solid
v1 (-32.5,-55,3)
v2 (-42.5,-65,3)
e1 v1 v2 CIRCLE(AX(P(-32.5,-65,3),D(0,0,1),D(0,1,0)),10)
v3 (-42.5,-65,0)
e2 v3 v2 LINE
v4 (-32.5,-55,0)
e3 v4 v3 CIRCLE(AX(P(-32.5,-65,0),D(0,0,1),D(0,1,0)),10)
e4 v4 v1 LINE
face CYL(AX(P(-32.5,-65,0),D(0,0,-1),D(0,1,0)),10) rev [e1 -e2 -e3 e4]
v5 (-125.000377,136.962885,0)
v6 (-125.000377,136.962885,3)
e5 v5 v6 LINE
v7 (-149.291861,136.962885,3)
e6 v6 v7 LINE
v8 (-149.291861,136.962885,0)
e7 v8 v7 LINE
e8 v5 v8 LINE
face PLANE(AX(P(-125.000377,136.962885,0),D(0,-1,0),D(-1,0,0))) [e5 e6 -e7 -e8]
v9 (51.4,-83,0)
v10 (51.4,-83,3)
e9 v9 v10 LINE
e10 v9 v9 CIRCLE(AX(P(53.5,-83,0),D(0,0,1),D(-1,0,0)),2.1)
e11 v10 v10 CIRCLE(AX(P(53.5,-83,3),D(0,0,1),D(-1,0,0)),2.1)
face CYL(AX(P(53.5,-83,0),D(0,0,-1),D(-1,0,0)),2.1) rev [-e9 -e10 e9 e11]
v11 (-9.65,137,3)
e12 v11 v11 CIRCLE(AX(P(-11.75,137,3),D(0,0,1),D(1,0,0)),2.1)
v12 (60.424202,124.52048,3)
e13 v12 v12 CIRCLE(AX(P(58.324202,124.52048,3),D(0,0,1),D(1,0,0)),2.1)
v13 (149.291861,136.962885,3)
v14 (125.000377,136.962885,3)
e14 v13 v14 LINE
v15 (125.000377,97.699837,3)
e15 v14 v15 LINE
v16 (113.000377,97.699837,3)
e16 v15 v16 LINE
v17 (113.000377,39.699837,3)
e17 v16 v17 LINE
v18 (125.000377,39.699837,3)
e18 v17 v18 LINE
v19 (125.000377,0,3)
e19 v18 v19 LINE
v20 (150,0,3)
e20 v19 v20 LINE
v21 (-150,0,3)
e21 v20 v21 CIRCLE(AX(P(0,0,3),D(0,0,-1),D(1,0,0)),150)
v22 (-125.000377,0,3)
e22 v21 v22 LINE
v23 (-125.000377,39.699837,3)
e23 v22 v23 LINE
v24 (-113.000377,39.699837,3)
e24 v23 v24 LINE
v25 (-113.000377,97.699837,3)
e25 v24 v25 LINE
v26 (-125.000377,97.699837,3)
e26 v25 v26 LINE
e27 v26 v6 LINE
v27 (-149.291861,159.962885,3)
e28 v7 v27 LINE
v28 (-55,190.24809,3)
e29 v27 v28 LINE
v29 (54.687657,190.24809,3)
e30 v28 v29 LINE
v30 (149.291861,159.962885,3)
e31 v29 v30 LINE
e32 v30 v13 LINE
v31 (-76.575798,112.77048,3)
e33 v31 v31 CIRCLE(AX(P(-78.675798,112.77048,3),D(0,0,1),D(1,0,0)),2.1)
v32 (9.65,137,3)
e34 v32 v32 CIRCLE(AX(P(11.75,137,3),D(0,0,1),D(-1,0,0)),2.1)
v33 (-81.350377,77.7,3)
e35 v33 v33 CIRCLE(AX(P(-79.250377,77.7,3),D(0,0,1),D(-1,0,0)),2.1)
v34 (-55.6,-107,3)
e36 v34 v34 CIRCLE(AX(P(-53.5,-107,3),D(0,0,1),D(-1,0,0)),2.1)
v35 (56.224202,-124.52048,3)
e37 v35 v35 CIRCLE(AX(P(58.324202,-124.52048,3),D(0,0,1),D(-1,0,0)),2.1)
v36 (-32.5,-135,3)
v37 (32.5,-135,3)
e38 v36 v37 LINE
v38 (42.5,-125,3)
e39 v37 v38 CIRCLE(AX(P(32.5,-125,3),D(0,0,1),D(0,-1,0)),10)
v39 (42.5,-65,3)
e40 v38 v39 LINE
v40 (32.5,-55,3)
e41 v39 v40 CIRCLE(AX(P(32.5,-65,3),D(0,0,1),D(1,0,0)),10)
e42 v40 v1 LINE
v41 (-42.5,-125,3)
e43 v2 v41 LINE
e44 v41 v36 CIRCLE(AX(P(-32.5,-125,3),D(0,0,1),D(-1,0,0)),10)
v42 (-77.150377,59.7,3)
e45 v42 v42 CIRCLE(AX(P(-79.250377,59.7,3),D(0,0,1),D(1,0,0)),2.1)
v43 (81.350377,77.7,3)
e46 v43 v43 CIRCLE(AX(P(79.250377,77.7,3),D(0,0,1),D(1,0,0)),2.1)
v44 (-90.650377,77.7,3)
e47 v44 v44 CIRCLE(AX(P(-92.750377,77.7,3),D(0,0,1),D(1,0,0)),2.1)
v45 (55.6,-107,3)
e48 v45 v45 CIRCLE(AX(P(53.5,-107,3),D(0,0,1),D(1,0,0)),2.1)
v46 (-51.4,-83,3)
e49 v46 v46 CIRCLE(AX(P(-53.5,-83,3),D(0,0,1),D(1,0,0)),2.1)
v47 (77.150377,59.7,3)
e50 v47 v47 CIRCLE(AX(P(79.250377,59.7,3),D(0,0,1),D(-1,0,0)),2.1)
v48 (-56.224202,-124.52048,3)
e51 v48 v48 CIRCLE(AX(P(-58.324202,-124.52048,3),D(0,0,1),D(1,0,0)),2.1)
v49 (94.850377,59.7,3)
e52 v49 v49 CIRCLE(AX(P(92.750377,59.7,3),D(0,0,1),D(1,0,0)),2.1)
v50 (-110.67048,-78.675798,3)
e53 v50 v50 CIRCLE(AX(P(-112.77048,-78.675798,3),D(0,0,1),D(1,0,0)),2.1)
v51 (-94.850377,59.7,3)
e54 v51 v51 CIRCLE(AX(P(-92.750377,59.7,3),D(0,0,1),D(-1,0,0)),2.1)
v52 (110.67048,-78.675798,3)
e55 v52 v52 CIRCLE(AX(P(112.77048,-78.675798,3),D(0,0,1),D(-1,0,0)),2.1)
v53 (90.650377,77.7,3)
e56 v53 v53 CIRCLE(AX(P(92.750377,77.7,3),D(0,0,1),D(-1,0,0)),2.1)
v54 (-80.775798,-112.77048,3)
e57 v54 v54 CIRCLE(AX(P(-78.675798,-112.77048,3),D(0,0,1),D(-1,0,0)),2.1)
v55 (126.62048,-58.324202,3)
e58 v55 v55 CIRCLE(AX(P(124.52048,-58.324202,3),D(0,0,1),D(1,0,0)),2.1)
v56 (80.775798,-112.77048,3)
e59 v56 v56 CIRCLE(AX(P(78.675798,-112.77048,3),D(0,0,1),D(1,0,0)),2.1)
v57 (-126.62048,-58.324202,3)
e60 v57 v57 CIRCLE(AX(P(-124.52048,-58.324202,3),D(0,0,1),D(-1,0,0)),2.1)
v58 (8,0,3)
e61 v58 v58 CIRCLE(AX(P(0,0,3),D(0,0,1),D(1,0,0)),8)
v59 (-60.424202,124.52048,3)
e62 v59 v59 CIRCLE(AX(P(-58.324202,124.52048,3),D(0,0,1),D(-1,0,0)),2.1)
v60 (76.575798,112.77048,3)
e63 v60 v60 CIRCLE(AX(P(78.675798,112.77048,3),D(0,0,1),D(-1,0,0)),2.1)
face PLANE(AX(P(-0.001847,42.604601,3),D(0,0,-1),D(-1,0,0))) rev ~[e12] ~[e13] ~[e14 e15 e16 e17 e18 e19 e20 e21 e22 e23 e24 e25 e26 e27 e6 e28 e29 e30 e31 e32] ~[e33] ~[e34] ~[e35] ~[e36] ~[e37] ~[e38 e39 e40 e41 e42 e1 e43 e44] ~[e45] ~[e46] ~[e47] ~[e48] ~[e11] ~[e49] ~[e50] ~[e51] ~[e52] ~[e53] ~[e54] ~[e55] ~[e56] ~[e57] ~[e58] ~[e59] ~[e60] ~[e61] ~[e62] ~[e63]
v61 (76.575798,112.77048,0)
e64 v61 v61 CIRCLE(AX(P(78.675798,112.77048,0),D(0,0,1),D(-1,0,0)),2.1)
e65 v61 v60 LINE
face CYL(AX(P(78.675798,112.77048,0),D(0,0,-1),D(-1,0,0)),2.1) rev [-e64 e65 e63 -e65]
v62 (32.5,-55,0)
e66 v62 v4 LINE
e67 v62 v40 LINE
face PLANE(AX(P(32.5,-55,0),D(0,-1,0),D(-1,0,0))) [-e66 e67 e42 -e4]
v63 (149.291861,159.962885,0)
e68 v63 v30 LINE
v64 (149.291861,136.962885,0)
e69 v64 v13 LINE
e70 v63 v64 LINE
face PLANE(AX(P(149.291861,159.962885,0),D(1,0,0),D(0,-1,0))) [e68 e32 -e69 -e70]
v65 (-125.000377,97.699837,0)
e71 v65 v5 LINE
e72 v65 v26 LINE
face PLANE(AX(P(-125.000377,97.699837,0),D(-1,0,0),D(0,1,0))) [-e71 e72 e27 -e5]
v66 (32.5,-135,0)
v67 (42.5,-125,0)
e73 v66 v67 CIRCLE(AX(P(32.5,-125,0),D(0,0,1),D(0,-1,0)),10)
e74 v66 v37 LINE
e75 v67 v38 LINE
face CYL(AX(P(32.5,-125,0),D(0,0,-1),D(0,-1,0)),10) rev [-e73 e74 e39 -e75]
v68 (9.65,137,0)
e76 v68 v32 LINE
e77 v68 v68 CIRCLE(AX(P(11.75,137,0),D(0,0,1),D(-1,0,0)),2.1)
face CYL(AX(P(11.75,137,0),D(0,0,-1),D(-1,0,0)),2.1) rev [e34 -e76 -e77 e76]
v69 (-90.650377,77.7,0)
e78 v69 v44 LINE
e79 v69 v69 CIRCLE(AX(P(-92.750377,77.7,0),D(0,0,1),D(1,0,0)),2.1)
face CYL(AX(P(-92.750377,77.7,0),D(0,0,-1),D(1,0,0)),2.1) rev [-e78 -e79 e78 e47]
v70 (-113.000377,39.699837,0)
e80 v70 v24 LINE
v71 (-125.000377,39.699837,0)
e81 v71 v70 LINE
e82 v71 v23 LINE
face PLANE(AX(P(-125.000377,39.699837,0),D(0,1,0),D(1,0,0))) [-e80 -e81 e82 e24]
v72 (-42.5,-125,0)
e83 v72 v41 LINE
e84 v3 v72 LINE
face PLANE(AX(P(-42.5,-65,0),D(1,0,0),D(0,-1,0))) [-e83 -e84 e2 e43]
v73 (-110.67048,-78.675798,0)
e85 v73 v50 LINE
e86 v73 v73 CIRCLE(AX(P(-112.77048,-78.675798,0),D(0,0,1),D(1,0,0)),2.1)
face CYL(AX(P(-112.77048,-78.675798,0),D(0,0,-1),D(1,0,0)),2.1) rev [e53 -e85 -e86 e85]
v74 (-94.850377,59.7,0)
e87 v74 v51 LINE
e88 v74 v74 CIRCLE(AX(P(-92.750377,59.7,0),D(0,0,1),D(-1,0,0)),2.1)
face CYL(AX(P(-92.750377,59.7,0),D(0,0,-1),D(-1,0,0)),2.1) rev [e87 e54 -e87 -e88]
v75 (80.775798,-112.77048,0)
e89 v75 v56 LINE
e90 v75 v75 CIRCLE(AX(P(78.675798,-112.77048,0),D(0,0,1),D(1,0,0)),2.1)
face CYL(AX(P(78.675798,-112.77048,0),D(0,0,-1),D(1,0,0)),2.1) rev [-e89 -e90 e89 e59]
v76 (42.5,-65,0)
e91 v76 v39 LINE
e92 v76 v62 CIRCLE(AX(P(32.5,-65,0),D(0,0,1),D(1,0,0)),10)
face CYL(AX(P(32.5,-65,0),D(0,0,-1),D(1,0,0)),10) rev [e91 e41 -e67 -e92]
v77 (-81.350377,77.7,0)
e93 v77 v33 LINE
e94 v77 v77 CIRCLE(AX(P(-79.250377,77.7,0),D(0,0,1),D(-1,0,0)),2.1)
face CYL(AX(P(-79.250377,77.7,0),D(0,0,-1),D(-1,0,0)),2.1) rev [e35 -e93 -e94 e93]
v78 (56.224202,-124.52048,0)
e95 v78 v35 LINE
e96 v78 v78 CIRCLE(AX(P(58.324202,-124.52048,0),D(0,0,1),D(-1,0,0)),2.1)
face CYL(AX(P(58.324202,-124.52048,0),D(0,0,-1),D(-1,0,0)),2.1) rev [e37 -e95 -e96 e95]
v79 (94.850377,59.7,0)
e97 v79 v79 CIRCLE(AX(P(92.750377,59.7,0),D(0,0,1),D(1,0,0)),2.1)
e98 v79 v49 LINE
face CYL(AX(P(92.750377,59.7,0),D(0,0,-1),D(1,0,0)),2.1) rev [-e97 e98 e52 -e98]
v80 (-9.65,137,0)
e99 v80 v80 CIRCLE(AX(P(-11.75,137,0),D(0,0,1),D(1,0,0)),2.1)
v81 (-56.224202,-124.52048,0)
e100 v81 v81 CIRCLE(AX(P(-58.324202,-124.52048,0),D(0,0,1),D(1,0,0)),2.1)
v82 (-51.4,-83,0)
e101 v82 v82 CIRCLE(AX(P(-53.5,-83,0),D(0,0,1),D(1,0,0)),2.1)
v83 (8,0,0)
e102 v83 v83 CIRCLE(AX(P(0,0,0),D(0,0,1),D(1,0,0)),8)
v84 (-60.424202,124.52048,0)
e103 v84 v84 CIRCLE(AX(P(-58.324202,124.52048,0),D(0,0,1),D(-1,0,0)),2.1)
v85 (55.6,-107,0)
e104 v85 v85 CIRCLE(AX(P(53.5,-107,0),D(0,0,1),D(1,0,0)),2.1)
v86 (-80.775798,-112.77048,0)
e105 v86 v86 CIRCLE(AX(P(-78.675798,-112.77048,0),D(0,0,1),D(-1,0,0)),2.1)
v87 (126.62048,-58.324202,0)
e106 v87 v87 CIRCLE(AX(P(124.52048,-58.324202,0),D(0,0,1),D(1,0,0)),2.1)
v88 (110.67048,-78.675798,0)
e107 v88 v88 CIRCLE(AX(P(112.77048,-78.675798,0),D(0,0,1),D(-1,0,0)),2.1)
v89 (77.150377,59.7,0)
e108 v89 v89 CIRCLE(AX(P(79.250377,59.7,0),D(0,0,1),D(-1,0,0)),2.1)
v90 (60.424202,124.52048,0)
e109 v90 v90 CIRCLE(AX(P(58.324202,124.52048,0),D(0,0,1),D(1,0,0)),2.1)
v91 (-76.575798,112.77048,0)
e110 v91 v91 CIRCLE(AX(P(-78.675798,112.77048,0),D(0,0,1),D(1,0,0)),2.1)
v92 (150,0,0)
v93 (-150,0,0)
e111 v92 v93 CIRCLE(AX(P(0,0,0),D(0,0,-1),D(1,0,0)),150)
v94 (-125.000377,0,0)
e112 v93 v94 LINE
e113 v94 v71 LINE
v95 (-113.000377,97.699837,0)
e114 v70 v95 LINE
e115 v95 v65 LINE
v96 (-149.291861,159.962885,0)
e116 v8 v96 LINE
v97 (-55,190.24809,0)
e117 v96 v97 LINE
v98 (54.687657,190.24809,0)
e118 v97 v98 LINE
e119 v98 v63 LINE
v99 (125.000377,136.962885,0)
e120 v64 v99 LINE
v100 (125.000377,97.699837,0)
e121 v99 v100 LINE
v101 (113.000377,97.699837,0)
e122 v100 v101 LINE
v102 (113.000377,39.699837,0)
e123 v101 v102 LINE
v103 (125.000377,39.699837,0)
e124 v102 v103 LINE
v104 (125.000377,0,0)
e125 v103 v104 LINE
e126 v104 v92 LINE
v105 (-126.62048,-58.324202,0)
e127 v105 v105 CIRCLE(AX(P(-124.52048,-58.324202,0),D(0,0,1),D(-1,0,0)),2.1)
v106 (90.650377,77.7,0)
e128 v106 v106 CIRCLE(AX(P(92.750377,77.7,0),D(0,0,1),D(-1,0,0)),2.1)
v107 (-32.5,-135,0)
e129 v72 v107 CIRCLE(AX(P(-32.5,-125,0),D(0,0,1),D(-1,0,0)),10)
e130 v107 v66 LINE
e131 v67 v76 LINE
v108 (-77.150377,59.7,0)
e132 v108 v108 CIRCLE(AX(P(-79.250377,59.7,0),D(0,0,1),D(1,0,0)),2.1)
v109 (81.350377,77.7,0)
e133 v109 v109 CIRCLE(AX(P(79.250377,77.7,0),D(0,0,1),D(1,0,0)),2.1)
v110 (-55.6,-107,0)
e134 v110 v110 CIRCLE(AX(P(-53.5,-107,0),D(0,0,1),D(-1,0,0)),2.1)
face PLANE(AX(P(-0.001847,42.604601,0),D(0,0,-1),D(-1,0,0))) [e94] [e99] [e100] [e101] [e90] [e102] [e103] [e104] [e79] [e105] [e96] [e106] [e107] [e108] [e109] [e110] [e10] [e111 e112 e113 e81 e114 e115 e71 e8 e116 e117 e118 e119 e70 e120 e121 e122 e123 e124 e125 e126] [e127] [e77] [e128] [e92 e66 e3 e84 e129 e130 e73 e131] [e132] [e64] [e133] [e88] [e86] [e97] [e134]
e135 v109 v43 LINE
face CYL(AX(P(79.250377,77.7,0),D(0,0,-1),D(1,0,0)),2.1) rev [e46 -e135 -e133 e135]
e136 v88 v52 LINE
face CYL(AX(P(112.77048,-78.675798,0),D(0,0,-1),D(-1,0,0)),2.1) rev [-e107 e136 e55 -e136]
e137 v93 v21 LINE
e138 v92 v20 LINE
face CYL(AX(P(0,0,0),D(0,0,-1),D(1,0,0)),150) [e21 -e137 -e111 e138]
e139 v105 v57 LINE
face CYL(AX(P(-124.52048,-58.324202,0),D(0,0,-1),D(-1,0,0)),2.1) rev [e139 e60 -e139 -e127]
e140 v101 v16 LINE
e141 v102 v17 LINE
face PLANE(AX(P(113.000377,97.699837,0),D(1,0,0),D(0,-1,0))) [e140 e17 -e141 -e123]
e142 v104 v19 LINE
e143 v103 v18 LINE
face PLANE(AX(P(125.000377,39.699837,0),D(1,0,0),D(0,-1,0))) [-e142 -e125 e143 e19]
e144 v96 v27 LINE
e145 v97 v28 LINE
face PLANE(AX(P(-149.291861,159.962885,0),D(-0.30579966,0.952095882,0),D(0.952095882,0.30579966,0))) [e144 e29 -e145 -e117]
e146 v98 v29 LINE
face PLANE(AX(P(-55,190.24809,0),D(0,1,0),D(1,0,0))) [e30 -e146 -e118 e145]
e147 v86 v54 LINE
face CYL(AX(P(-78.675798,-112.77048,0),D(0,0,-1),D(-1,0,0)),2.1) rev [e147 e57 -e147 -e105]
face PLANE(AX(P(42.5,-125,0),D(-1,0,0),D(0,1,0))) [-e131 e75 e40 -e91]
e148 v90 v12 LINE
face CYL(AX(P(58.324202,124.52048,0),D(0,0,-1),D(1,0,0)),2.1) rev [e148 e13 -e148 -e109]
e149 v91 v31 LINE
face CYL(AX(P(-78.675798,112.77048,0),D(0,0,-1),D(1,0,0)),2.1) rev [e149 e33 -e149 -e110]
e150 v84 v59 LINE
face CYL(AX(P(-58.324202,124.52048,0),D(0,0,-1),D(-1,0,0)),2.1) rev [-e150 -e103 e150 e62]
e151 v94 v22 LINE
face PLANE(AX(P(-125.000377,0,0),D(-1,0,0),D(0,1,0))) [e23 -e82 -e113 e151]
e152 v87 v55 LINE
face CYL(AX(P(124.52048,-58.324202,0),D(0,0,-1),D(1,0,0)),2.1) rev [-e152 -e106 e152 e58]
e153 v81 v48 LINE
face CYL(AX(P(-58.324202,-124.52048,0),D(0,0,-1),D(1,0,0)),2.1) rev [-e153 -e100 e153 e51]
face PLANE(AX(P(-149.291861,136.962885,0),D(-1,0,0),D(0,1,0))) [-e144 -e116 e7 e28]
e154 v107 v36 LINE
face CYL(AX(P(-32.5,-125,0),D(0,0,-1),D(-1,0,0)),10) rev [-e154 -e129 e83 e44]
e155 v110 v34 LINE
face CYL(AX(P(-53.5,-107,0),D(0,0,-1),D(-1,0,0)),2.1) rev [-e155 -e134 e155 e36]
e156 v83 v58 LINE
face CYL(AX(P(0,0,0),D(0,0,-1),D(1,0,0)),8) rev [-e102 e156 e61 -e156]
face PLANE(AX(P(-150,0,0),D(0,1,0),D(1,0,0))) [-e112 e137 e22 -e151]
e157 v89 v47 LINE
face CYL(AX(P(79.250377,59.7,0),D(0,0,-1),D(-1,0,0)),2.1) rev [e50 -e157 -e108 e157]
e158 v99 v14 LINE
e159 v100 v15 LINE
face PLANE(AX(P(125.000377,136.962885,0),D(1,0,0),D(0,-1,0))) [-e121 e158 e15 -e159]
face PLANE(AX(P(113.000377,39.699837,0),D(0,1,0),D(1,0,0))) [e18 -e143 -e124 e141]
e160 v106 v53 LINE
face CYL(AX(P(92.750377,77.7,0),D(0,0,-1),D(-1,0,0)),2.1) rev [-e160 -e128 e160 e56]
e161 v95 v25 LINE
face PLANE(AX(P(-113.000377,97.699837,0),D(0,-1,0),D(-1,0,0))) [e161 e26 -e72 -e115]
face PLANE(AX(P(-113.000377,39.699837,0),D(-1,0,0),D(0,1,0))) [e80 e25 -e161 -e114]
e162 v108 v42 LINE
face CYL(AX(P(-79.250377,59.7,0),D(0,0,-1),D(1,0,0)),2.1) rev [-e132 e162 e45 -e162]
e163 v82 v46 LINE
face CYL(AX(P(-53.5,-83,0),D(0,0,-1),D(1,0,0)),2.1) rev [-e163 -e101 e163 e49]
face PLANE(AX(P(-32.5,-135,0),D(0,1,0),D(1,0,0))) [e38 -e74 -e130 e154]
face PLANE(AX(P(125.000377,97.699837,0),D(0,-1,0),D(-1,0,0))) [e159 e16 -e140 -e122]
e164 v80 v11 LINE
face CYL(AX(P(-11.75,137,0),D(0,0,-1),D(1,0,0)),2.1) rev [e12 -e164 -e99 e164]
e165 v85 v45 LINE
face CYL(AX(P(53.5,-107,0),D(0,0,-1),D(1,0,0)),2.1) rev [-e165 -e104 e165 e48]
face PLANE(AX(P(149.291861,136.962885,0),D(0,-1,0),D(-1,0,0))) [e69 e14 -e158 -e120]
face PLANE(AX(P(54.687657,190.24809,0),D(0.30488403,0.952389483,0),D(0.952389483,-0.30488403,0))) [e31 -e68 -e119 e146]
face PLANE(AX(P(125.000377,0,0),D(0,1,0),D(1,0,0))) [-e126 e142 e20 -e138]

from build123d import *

# Parameters (mm, degrees)
SKETCH_1_R      = 2.1
SKETCH_1_R_2    = 8
EXTRUDE_1_DEPTH = 3


with BuildPart() as part:
    # 草图1 → 拉伸1 (new body)
    with BuildSketch(Plane.XY):
        with BuildLine():
            Line((-150, 0), (-125.000376699, 0))
            Line((-125.000376699, 0), (-125.000376699, 39.69983712))
            Line((-125.000376699, 39.69983712), (-113.000376699, 39.69983712))
            Line((-113.000376699, 39.69983712), (-113.000376699, 97.69983712))
            Line((-113.000376699, 97.69983712), (-125.000376699, 97.69983712))
            Line((-125.000376699, 97.69983712), (-125.000376699, 136.962885218))
            Line((-125.000376699, 136.962885218), (-149.291861287, 136.962885218))
            Line((-149.291861287, 136.962885218), (-149.291861287, 159.962885218))
            Line((-149.291861287, 159.962885218), (-55, 190.24809041))
            Line((-55, 190.24809041), (54.687657428, 190.24809041))
            Line((54.687657428, 190.24809041), (149.291861287, 159.962885218))
            Line((149.291861287, 159.962885218), (149.291861287, 136.962885218))
            Line((149.291861287, 136.962885218), (125.000376699, 136.962885218))
            Line((125.000376699, 136.962885218), (125.000376699, 97.69983712))
            Line((125.000376699, 97.69983712), (113.000376699, 97.69983712))
            Line((113.000376699, 97.69983712), (113.000376699, 39.69983712))
            Line((113.000376699, 39.69983712), (125.000376699, 39.69983712))
            Line((125.000376699, 39.69983712), (125.000376699, 0))
            Line((125.000376699, 0), (150, 0))
            ThreePointArc((150, 0), (0, -150), (-150, 0))
        make_face()
        with Locations((-92.750376699, 77.7)):
            Circle(SKETCH_1_R, mode=Mode.SUBTRACT)
        with Locations(Location((-92.750376699, 59.7, 0), (0, 0, 180))):
            Circle(SKETCH_1_R, mode=Mode.SUBTRACT)
        with Locations((-53.5, -83)):
            Circle(SKETCH_1_R, mode=Mode.SUBTRACT)
        with Locations(Location((-53.5, -107, 0), (0, 0, 180))):
            Circle(SKETCH_1_R, mode=Mode.SUBTRACT)
        with Locations((53.5, -107)):
            Circle(SKETCH_1_R, mode=Mode.SUBTRACT)
        with Locations(Location((53.5, -83, 0), (0, 0, 180))):
            Circle(SKETCH_1_R, mode=Mode.SUBTRACT)
        with Locations((-79.250376699, 59.7)):
            Circle(SKETCH_1_R, mode=Mode.SUBTRACT)
        with Locations(Location((-79.250376699, 77.7, 0), (0, 0, 180))):
            Circle(SKETCH_1_R, mode=Mode.SUBTRACT)
        with Locations(Location((79.250376699, 59.7, 0), (0, 0, 180))):
            Circle(SKETCH_1_R, mode=Mode.SUBTRACT)
        with Locations((92.750376699, 59.7)):
            Circle(SKETCH_1_R, mode=Mode.SUBTRACT)
        with Locations((79.250376699, 77.7)):
            Circle(SKETCH_1_R, mode=Mode.SUBTRACT)
        with Locations(Location((92.750376699, 77.7, 0), (0, 0, 180))):
            Circle(SKETCH_1_R, mode=Mode.SUBTRACT)
        Circle(SKETCH_1_R_2, mode=Mode.SUBTRACT)
        with Locations((-58.324201506, -124.520480318)):
            Circle(SKETCH_1_R, mode=Mode.SUBTRACT)
        with Locations(Location((-78.675798494, -112.770480318, 0), (0, 0, 180))):
            Circle(SKETCH_1_R, mode=Mode.SUBTRACT)
        with Locations((-112.770480318, -78.675798494)):
            Circle(SKETCH_1_R, mode=Mode.SUBTRACT)
        with Locations(Location((-124.520480318, -58.324201506, 0), (0, 0, 180))):
            Circle(SKETCH_1_R, mode=Mode.SUBTRACT)
        with Locations((-78.675798494, 112.770480318)):
            Circle(SKETCH_1_R, mode=Mode.SUBTRACT)
        with Locations(Location((-58.324201506, 124.520480318, 0), (0, 0, 180))):
            Circle(SKETCH_1_R, mode=Mode.SUBTRACT)
        with Locations((-11.75, 137)):
            Circle(SKETCH_1_R, mode=Mode.SUBTRACT)
        with Locations(Location((11.75, 137, 0), (0, 0, 180))):
            Circle(SKETCH_1_R, mode=Mode.SUBTRACT)
        with Locations((58.324201506, 124.520480318)):
            Circle(SKETCH_1_R, mode=Mode.SUBTRACT)
        with Locations(Location((78.675798494, 112.770480318, 0), (0, 0, 180))):
            Circle(SKETCH_1_R, mode=Mode.SUBTRACT)
        with Locations((124.520480318, -58.324201506)):
            Circle(SKETCH_1_R, mode=Mode.SUBTRACT)
        with Locations(Location((112.770480318, -78.675798494, 0), (0, 0, 180))):
            Circle(SKETCH_1_R, mode=Mode.SUBTRACT)
        with Locations((78.675798494, -112.770480318)):
            Circle(SKETCH_1_R, mode=Mode.SUBTRACT)
        with Locations(Location((58.324201506, -124.520480318, 0), (0, 0, 180))):
            Circle(SKETCH_1_R, mode=Mode.SUBTRACT)
        with BuildLine():
            Line((42.5, -95), (42.5, -65))
            ThreePointArc((42.5, -65), (39.571067812, -57.928932188), (32.5, -55))
            Line((32.5, -55), (-32.5, -55))
            ThreePointArc((-32.5, -55), (-39.571067812, -57.928932188), (-42.5, -65))
            Line((-42.5, -65), (-42.5, -95))
            Line((-42.5, -95), (-42.5, -125))
            ThreePointArc((-42.5, -125), (-39.571067812, -132.071067812), (-32.5, -135))
            Line((-32.5, -135), (32.5, -135))
            ThreePointArc((32.5, -135), (39.571067812, -132.071067812), (42.5, -125))
            Line((42.5, -125), (42.5, -95))
        make_face(mode=Mode.SUBTRACT)
    extrude(amount=EXTRUDE_1_DEPTH)


solid = part.part
